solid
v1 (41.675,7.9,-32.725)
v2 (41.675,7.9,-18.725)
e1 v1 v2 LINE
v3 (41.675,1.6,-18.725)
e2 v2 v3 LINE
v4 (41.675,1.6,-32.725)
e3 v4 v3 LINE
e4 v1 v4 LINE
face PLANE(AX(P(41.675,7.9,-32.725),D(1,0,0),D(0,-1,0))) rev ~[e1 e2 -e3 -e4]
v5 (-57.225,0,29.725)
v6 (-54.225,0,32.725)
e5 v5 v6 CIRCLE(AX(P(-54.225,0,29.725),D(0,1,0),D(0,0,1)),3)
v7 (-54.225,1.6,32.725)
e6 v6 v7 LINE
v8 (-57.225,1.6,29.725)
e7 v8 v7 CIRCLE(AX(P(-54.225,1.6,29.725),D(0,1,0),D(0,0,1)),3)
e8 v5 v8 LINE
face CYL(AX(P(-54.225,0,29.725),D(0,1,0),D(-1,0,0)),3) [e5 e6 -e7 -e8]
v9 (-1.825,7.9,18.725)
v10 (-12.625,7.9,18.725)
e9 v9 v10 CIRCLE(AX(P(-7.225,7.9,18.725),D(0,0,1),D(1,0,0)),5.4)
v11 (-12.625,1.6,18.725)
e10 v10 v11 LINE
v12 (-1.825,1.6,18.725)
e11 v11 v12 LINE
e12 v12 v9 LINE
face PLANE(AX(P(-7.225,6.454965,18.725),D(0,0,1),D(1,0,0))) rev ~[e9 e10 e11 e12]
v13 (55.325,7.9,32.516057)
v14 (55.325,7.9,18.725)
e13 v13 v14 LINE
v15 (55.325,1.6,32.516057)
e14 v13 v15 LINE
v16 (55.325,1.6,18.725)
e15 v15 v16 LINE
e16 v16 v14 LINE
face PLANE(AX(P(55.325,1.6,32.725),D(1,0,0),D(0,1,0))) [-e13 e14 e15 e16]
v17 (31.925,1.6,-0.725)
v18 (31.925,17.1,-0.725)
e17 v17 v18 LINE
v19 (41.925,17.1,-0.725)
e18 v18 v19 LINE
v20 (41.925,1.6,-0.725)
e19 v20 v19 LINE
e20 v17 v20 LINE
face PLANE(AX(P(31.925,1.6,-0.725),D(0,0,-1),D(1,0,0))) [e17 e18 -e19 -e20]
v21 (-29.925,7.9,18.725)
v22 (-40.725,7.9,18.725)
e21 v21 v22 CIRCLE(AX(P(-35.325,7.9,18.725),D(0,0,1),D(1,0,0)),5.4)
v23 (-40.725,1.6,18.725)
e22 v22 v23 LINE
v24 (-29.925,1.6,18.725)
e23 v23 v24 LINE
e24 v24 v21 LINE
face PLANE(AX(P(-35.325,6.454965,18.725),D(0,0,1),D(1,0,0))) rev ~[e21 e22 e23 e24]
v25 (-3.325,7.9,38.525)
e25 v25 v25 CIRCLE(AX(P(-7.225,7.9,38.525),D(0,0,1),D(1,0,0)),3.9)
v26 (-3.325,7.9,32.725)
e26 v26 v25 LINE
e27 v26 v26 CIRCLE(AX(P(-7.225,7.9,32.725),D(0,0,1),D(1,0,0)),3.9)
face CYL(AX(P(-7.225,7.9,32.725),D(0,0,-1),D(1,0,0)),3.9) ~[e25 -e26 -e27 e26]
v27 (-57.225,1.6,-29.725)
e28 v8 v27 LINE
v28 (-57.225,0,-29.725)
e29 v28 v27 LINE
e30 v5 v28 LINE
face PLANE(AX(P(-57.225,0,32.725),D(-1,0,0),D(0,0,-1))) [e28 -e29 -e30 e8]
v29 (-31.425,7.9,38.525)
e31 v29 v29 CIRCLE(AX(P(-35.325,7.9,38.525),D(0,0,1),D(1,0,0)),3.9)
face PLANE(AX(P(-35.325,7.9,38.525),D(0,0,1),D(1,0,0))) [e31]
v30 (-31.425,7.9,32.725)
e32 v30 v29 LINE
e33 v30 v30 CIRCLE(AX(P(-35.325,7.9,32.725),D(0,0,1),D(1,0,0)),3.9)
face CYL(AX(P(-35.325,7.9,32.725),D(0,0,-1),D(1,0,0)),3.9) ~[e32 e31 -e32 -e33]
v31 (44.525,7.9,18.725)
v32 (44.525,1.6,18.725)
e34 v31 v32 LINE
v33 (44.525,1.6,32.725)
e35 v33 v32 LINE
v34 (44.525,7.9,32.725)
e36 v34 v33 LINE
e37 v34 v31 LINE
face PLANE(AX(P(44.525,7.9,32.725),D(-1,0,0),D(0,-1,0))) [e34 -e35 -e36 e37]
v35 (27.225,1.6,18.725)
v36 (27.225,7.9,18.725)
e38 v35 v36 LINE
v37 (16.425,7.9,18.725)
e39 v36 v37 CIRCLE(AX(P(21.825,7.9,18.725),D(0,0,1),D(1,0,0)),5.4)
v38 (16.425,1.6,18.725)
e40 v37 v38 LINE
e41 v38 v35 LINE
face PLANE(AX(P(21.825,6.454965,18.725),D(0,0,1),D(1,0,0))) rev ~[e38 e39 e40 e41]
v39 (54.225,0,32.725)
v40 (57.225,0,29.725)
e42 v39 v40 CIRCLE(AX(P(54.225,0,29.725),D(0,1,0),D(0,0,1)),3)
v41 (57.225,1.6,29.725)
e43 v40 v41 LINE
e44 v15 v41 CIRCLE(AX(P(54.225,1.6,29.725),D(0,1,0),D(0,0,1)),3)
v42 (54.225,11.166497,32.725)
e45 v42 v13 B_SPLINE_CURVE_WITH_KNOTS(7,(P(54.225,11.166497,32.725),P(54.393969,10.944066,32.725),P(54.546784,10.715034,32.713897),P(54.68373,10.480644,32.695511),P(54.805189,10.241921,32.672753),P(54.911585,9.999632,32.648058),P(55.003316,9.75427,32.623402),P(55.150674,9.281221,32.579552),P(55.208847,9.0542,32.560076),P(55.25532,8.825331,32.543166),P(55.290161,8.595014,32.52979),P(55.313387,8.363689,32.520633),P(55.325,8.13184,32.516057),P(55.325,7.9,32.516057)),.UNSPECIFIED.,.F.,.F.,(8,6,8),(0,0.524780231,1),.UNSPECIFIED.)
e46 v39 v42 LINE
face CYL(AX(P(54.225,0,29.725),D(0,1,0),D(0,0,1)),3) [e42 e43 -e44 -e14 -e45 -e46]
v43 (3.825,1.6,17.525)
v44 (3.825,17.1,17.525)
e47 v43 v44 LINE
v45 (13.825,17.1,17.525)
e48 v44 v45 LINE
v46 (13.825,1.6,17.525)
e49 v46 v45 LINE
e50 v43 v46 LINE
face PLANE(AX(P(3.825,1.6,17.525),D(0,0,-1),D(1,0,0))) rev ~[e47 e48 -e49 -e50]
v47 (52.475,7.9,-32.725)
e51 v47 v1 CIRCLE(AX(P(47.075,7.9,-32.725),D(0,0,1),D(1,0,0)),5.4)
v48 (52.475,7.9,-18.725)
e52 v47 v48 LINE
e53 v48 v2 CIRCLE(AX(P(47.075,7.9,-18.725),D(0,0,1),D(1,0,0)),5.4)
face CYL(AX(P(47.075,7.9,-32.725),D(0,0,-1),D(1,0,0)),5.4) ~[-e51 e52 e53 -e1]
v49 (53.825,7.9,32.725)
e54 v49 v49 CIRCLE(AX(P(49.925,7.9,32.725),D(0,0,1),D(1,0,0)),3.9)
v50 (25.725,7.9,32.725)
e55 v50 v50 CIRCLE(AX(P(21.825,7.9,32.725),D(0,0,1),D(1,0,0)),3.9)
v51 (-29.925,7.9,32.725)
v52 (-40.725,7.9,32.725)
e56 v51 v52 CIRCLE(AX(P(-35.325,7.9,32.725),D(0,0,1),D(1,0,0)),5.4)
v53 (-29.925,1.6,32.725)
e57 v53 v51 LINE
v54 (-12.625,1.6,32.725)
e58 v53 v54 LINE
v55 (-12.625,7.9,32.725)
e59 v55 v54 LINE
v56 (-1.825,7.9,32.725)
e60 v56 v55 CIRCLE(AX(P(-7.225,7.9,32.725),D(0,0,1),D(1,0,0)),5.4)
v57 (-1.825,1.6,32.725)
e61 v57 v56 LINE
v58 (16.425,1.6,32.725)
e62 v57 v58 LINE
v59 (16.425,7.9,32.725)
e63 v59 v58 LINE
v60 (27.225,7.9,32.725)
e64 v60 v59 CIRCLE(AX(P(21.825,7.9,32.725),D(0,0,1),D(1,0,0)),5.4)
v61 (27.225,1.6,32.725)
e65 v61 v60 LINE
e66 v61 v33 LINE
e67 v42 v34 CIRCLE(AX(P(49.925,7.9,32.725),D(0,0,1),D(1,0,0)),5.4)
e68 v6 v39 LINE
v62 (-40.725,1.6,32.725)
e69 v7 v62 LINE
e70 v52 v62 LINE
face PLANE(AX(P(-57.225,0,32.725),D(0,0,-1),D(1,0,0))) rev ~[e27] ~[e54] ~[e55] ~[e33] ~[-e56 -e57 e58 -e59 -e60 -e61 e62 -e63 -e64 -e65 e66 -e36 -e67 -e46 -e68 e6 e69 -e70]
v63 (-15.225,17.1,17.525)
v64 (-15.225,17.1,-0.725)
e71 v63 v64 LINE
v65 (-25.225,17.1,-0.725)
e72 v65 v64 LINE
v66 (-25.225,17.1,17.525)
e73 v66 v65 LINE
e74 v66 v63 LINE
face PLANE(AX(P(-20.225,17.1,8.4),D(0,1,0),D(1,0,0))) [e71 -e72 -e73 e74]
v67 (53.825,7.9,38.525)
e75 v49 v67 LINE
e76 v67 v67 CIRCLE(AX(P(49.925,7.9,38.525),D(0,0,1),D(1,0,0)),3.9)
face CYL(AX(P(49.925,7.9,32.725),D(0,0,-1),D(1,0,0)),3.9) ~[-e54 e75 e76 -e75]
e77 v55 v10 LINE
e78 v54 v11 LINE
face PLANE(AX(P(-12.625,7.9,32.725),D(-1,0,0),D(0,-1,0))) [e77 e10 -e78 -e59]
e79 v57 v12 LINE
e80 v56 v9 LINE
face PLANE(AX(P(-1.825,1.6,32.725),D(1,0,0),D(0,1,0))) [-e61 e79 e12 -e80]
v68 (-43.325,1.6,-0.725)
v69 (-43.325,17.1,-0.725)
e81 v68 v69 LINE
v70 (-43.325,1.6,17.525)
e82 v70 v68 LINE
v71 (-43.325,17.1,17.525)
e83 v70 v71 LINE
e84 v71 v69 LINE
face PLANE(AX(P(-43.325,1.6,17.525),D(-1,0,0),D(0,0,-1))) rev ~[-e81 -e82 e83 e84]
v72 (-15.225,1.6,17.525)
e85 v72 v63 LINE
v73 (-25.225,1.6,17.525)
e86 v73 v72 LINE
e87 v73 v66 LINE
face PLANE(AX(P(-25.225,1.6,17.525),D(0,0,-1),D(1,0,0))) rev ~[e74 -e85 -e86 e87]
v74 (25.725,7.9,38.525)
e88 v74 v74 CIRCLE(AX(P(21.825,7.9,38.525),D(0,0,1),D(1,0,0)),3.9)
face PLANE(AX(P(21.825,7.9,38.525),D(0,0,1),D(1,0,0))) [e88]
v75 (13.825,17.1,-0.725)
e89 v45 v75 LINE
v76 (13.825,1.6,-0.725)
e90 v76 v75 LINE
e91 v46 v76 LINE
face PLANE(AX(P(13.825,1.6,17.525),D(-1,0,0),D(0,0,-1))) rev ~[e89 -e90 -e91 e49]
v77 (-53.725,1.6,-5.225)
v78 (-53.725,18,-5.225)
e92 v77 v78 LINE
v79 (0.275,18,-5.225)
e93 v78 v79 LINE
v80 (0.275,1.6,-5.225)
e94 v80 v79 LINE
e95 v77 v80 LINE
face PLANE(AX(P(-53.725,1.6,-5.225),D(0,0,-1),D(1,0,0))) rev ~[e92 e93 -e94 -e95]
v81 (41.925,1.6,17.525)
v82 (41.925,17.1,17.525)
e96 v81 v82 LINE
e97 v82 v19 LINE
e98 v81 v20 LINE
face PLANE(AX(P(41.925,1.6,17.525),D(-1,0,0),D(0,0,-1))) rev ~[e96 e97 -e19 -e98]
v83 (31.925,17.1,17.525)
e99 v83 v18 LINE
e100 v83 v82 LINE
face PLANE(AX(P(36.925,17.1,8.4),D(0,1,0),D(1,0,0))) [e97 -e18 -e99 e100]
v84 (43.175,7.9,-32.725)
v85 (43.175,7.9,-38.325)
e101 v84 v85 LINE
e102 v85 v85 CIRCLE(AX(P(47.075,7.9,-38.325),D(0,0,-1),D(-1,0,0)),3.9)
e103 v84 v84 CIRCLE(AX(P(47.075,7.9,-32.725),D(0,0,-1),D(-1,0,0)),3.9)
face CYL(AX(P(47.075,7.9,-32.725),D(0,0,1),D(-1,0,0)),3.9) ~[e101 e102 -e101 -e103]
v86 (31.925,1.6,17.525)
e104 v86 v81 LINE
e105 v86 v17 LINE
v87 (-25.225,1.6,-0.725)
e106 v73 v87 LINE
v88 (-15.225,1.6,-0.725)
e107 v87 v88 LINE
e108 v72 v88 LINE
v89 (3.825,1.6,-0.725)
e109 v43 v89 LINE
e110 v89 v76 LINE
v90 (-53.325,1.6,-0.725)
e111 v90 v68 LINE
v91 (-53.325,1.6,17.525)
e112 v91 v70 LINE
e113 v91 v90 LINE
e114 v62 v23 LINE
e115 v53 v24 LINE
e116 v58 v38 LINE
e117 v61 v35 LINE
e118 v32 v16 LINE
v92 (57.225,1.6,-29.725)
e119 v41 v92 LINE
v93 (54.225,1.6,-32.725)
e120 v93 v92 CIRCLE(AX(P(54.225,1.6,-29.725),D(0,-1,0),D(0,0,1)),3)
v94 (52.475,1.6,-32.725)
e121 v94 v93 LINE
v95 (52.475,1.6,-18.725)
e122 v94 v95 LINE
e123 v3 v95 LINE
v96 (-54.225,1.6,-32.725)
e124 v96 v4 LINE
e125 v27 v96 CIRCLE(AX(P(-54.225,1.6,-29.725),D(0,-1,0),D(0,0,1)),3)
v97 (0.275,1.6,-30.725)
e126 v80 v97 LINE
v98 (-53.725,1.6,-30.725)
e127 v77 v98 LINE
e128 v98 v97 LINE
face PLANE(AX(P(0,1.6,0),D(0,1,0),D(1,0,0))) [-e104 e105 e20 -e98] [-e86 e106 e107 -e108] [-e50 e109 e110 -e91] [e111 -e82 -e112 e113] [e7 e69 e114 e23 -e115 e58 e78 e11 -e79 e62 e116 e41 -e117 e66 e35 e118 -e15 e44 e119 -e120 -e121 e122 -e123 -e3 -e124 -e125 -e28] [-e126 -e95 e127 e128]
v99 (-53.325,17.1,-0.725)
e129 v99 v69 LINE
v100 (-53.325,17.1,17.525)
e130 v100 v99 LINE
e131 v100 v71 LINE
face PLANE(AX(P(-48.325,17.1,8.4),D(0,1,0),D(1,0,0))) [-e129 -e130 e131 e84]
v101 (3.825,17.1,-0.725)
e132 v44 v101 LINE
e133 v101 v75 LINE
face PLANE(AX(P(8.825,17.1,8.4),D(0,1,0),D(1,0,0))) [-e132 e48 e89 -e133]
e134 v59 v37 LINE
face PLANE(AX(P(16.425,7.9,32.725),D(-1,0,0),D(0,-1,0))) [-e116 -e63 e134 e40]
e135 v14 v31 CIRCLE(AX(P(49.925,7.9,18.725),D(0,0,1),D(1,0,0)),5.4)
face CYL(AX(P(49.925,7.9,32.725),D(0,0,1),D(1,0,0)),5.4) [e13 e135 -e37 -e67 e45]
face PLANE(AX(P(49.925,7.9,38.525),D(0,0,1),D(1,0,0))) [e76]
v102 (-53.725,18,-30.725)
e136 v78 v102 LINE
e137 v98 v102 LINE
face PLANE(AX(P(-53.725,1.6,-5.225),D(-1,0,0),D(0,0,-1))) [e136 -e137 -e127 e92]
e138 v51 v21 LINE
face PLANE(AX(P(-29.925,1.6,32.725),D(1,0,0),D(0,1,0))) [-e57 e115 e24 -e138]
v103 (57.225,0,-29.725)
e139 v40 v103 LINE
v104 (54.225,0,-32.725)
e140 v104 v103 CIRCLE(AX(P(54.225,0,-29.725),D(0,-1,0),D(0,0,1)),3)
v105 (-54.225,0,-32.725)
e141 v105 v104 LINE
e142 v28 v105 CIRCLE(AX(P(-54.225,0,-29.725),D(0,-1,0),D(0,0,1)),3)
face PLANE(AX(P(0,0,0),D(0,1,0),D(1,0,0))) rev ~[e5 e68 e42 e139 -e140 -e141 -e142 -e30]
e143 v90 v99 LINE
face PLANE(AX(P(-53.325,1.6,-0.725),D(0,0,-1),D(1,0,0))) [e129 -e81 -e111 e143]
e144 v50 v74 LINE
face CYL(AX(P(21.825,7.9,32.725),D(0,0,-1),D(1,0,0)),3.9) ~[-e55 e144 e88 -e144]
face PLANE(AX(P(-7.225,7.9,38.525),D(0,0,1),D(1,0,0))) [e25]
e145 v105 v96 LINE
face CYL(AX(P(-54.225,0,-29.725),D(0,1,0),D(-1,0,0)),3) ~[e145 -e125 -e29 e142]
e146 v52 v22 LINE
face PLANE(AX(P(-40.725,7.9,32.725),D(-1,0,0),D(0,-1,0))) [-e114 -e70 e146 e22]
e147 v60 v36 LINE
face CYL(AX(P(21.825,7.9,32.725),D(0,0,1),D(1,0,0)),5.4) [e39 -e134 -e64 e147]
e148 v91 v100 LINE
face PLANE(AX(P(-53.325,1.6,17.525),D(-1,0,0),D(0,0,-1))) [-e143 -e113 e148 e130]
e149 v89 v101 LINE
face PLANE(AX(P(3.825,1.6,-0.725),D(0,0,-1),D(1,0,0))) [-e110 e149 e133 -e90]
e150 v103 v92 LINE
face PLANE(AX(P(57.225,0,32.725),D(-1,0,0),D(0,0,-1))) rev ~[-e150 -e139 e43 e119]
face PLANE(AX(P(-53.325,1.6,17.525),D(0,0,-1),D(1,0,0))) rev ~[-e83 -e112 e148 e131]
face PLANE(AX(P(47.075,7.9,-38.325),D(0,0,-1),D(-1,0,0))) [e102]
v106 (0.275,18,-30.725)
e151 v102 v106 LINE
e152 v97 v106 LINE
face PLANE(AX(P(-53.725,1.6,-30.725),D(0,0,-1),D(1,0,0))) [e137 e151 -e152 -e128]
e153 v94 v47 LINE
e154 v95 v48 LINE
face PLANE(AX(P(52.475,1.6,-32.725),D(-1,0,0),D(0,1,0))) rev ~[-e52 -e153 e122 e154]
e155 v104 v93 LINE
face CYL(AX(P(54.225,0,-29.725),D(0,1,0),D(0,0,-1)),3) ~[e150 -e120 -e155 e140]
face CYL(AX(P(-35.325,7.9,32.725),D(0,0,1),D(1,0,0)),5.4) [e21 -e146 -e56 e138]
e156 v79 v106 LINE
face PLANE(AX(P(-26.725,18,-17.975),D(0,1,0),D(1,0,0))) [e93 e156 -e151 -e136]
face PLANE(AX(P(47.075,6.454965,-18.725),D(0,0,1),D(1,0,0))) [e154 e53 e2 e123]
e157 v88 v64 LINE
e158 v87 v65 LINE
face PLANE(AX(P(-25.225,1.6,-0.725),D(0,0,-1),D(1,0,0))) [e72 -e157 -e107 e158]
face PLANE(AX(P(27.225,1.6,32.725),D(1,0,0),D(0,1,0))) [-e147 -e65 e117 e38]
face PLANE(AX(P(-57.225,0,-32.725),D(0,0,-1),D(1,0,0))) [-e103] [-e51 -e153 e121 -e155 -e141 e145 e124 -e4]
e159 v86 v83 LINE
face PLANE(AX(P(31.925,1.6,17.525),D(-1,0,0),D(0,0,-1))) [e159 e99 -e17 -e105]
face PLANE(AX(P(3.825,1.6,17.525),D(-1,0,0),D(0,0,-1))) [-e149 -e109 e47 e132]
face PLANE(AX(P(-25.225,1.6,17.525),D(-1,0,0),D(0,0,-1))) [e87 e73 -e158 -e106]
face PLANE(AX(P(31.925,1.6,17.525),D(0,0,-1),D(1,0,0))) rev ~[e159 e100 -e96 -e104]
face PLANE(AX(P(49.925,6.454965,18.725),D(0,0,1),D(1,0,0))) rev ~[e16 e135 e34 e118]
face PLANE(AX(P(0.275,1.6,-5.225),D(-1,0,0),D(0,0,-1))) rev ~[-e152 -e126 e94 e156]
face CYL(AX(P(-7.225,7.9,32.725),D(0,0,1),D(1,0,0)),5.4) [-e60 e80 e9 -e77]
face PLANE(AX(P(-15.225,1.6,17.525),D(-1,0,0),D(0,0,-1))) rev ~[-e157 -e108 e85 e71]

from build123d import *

# Parameters (mm, degrees)
ESQUISSE1_W                          = 114.45
ESQUISSE1_H                          = 65.45
BOSS_EXTRU_1_DEPTH                   = 1.6
BOSS_EXTRU_2_DEPTH                   = 14
ESQUISSE3_R                          = 3.9
BOSS_EXTRU_3_DEPTH                   = 5.8
ESQUISSE6_W                          = 10
ESQUISSE6_H                          = 18.25
BOSS_EXTRU_6_DEPTH                   = 15.5
R_P_TITION_LIN_AIRE1_COUNT           = 2
R_P_TITION_LIN_AIRE1_PITCH           = 28.1
R_P_TITION_LIN_AIRE2_COUNT           = 2
R_P_TITION_LIN_AIRE2_PITCH           = 57.15
R_P_TITION_LIN_AIRE2_COPY_1_DEPTH    = 14
R_P_TITION_LIN_AIRE2_COPY_2_SKETCH_R = 3.9
R_P_TITION_LIN_AIRE2_COPY_2_DEPTH    = 5.8
R_P_TITION_LIN_AIRE2_COPY_3_SKETCH_W = 10
R_P_TITION_LIN_AIRE2_COPY_3_SKETCH_H = 18.25
R_P_TITION_LIN_AIRE2_COPY_3_DEPTH    = 15.5
BOSS_EXTRU_4_DEPTH                   = 14
ESQUISSE5_R                          = 3.9
BOSS_EXTRU_5_DEPTH                   = 5.6
CONG_1_R                             = 3
ESQUISSE7_W                          = 54
ESQUISSE7_H                          = 25.5
BOSS_EXTRU_7_DEPTH                   = 16.4


with BuildPart() as part:
    # Esquisse1 → Boss.-Extru.1 (new body)
    with BuildSketch(Plane(origin=(0, 0, 0), x_dir=(1, 0, 0), z_dir=(0, 1, 0))):
        Rectangle(ESQUISSE1_W, ESQUISSE1_H)
    extrude(amount=BOSS_EXTRU_1_DEPTH)

    # Esquisse2 → Boss.-Extru.2 (add)
    with BuildSketch(Plane.XY.offset(32.725)):
        with BuildLine():
            Line((44.525, 1.6), (55.325, 1.6))
            Line((55.325, 1.6), (55.325, 7.9))
            ThreePointArc((55.325, 7.9), (49.925, 13.3), (44.525, 7.9))
            Line((44.525, 7.9), (44.525, 1.6))
        make_face()
    boss_extru_2 = extrude(amount=-BOSS_EXTRU_2_DEPTH)

    # Esquisse3 → Boss.-Extru.3 (add)
    with BuildSketch(Plane.XY.offset(32.725)):
        with Locations((49.925, 7.9)):
            Circle(ESQUISSE3_R)
    boss_extru_3 = extrude(amount=BOSS_EXTRU_3_DEPTH)

    # Esquisse6 → Boss.-Extru.6 (add)
    with BuildSketch(Plane(origin=(0, 1.6, 0), x_dir=(1, 0, 0), z_dir=(0, 1, 0))):
        with Locations((36.925, -8.4)):
            Rectangle(ESQUISSE6_W, ESQUISSE6_H)
    boss_extru_6 = extrude(amount=BOSS_EXTRU_6_DEPTH)

    # Répétition linéaire1: Boss.-Extru.2, Boss.-Extru.3, Boss.-Extru.6 ×2
    with Locations(*[(-i * R_P_TITION_LIN_AIRE1_PITCH, 0, 0) for i in range(1, R_P_TITION_LIN_AIRE1_COUNT)]):
        add(boss_extru_2)
        add(boss_extru_3)
        add(boss_extru_6)

    # Répétition linéaire2: Boss.-Extru.2, Boss.-Extru.3, Boss.-Extru.6 ×2
    with Locations(*[(-i * R_P_TITION_LIN_AIRE2_PITCH, 0, 0) for i in range(1, R_P_TITION_LIN_AIRE2_COUNT)]):
        add(boss_extru_2)
        add(boss_extru_3)
        add(boss_extru_6)

    # Répétition linéaire2 copy 1 sketch → Répétition linéaire2 copy 1 (add)
    with BuildSketch(Plane(origin=(-85.25, 0, 32.725), x_dir=(1, 0, 0), z_dir=(0, 0, 1))):
        with BuildLine():
            Line((44.525, 1.6), (55.325, 1.6))
            Line((55.325, 1.6), (55.325, 7.9))
            ThreePointArc((55.325, 7.9), (49.925, 13.3), (44.525, 7.9))
            Line((44.525, 7.9), (44.525, 1.6))
        make_face()
    extrude(amount=-R_P_TITION_LIN_AIRE2_COPY_1_DEPTH)

    # Répétition linéaire2 copy 2 sketch → Répétition linéaire2 copy 2 (add)
    with BuildSketch(Plane(origin=(-85.25, 0, 32.725), x_dir=(1, 0, 0), z_dir=(0, 0, 1))):
        with Locations((49.925, 7.9)):
            Circle(R_P_TITION_LIN_AIRE2_COPY_2_SKETCH_R)
    extrude(amount=R_P_TITION_LIN_AIRE2_COPY_2_DEPTH)

    # Répétition linéaire2 copy 3 sketch → Répétition linéaire2 copy 3 (add)
    with BuildSketch(Plane(origin=(-85.25, 1.6, 0), x_dir=(1, 0, 0), z_dir=(0, 1, 0))):
        with Locations((36.925, -8.4)):
            Rectangle(R_P_TITION_LIN_AIRE2_COPY_3_SKETCH_W, R_P_TITION_LIN_AIRE2_COPY_3_SKETCH_H)
    extrude(amount=R_P_TITION_LIN_AIRE2_COPY_3_DEPTH)

    # Esquisse4 → Boss.-Extru.4 (add)
    with BuildSketch(Plane(origin=(0, 0, -32.725), x_dir=(-1, 0, 0), z_dir=(0, 0, -1))):
        with BuildLine():
            Line((-41.675, 1.6), (-52.475, 1.6))
            Line((-52.475, 1.6), (-52.475, 7.9))
            ThreePointArc((-52.475, 7.9), (-47.075, 13.3), (-41.675, 7.9))
            Line((-41.675, 7.9), (-41.675, 1.6))
        make_face()
    extrude(amount=-BOSS_EXTRU_4_DEPTH)

    # Esquisse5 → Boss.-Extru.5 (add)
    with BuildSketch(Plane(origin=(0, 0, -32.725), x_dir=(-1, 0, 0), z_dir=(0, 0, -1))):
        with Locations((-47.075, 7.9)):
            Circle(ESQUISSE5_R)
    extrude(amount=BOSS_EXTRU_5_DEPTH)

    # Congé1
    cong_1_edges = [part.edges().sort_by_distance(p)[0] for p in [
        (57.225, 0.8, -32.725),
        (-57.225, 0.8, -32.725),
        (-57.225, 0.8, 32.725),
        (57.225, 0.8, 32.725),
    ]]
    fillet(cong_1_edges, radius=CONG_1_R)

    # Esquisse7 → Boss.-Extru.7 (add)
    with BuildSketch(Plane(origin=(0, 1.6, 0), x_dir=(1, 0, 0), z_dir=(0, 1, 0))):
        with Locations((-26.725, 17.975)):
            Rectangle(ESQUISSE7_W, ESQUISSE7_H)
    extrude(amount=BOSS_EXTRU_7_DEPTH)


solid = part.part
